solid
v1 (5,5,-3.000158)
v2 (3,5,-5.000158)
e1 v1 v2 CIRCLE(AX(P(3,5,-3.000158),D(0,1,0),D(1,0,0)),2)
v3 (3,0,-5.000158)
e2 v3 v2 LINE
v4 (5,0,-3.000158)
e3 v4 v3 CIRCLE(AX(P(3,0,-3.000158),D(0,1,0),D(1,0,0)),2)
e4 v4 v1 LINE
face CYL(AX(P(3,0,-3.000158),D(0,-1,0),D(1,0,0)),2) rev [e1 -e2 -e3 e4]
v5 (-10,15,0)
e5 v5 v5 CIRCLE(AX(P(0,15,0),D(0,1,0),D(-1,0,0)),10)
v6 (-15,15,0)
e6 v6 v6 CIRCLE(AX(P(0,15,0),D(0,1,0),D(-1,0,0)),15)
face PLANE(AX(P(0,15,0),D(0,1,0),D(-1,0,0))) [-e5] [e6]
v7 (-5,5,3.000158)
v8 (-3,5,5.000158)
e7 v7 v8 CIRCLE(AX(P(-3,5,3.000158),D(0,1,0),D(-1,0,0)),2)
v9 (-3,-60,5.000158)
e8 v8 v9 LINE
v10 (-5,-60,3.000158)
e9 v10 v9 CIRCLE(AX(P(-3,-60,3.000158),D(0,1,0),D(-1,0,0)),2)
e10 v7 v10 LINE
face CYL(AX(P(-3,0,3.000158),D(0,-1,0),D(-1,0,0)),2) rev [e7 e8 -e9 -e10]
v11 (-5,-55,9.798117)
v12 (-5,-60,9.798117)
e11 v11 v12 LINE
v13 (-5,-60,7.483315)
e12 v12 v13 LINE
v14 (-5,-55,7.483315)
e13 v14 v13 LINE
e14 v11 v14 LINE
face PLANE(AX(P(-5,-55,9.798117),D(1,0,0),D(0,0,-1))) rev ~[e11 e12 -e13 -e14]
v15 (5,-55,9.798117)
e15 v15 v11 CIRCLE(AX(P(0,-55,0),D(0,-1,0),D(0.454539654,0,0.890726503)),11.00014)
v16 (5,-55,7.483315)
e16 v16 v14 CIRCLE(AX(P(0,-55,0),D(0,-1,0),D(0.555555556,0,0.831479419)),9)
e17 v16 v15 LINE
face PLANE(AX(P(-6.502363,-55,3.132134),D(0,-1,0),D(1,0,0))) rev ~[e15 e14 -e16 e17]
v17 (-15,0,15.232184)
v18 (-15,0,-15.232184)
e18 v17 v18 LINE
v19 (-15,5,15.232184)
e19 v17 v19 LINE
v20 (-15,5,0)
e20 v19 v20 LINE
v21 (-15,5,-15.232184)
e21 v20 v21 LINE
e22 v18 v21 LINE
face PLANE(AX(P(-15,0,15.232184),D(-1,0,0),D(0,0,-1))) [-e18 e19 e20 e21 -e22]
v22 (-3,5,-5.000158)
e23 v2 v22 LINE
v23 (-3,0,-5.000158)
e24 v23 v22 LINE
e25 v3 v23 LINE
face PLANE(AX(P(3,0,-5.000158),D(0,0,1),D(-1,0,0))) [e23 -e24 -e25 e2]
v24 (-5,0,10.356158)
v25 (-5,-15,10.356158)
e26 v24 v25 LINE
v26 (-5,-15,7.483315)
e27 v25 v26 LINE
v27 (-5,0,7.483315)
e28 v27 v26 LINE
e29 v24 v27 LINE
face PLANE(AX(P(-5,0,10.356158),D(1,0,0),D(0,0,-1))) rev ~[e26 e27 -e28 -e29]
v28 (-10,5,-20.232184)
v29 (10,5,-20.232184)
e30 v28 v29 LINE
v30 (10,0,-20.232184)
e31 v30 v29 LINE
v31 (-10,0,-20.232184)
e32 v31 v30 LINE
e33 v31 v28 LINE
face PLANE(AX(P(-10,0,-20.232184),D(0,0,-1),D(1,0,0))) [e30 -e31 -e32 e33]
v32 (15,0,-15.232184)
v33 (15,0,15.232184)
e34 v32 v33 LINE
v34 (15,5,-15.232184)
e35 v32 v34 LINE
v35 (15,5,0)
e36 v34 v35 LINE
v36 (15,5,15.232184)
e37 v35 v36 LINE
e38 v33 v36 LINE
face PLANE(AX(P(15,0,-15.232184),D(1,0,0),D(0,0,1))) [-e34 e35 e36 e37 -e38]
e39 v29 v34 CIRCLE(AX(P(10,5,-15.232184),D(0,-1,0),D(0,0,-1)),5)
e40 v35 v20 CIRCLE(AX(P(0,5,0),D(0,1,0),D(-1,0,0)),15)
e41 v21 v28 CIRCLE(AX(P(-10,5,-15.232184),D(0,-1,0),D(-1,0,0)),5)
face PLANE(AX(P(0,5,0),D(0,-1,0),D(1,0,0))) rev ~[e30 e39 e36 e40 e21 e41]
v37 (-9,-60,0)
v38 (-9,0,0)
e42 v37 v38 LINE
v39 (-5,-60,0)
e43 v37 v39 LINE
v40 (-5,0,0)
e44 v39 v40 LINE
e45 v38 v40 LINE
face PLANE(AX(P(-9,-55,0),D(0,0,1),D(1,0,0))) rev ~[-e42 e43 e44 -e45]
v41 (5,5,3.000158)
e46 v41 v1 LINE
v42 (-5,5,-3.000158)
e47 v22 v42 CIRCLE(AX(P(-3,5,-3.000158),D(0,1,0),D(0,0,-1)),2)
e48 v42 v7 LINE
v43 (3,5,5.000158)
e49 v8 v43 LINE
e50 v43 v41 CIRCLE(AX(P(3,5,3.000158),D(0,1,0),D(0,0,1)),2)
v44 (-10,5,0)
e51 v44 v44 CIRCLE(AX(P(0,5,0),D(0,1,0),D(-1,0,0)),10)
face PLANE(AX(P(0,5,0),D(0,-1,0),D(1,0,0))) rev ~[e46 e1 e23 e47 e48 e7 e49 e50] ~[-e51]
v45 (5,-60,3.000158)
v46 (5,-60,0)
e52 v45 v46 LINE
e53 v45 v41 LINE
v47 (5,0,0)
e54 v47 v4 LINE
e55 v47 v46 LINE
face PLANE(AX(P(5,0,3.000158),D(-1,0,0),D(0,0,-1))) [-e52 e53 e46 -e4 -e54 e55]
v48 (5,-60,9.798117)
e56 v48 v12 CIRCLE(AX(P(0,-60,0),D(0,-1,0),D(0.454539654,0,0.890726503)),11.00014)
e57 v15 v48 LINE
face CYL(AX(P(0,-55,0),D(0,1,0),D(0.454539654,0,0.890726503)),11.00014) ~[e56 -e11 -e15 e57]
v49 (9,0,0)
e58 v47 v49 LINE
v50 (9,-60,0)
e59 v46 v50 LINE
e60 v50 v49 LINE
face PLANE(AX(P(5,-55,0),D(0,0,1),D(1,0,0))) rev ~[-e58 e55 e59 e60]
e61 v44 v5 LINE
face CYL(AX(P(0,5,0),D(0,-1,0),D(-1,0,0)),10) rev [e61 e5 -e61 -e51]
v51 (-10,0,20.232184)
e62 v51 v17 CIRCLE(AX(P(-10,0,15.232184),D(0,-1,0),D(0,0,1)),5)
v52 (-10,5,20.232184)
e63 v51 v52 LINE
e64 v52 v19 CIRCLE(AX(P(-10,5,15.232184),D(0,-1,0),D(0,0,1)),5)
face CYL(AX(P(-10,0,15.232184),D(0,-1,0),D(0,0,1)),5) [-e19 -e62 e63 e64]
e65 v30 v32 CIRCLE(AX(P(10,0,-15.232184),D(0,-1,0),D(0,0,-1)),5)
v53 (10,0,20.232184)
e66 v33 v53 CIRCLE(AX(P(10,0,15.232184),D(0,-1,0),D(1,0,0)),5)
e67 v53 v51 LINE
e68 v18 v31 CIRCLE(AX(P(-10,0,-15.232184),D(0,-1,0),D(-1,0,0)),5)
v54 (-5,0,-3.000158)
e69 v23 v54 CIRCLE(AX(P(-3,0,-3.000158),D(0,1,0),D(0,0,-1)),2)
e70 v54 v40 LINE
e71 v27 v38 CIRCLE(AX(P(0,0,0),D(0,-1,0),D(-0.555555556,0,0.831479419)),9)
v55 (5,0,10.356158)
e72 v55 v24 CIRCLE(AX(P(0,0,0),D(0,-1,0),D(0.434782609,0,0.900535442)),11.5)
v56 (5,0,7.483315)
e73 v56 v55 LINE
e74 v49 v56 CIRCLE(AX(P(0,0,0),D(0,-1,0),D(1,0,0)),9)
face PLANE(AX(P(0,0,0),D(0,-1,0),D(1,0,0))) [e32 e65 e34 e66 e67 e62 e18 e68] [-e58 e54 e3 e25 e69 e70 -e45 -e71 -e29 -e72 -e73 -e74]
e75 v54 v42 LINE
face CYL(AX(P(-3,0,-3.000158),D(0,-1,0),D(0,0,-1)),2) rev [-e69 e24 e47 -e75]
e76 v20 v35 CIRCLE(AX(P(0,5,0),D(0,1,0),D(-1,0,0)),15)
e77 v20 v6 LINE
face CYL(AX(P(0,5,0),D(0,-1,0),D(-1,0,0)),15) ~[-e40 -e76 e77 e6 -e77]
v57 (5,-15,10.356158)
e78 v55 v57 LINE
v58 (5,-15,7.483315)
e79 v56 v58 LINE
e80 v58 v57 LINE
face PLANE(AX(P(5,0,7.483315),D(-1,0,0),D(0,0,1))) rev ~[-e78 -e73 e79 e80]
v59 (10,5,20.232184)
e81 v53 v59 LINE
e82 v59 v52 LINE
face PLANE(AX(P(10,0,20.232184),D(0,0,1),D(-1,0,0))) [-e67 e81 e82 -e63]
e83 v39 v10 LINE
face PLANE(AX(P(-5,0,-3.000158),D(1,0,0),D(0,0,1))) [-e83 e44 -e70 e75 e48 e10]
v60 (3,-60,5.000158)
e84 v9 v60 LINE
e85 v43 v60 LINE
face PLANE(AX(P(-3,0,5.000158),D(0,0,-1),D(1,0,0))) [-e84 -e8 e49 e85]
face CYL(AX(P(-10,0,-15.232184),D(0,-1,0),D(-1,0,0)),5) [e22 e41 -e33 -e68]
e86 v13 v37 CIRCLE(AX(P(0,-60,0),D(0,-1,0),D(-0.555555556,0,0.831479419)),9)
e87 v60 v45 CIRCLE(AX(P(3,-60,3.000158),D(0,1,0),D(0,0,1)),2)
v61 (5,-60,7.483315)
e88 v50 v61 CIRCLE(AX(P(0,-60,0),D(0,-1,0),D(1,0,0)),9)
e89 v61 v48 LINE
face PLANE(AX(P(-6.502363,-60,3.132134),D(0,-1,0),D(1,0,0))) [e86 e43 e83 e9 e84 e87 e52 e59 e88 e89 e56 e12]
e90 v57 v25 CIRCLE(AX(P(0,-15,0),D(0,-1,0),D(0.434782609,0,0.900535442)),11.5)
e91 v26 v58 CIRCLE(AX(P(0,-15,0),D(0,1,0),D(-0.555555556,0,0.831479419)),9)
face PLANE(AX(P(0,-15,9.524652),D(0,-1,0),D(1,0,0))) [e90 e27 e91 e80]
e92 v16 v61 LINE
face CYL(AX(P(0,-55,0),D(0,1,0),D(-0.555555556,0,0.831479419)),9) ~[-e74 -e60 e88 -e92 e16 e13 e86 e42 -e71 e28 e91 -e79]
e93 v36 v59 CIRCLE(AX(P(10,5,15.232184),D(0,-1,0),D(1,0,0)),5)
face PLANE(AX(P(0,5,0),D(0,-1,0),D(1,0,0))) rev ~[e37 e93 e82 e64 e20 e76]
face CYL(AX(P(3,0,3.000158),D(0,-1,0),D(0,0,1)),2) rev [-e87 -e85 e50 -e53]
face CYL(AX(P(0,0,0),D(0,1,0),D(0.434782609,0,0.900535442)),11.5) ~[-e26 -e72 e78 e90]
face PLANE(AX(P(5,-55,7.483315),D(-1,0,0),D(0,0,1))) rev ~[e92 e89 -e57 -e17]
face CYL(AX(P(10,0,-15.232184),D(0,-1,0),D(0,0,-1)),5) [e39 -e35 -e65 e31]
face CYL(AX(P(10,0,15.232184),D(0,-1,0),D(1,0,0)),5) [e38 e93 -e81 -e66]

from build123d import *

# Parameters (mm, degrees)
F1_DEPTH = 55
F3_DEPTH = 5
F4_DEPTH = 5
F5_R     = 10
F6_DEPTH = 10
F7_DEPTH = 15


with BuildPart() as f1:
    # F0 (on Front) → F1 (new body)
    with BuildSketch(Plane.XZ):
        with BuildLine():
            Line((5, 0), (9, 0))
            ThreePointArc((9, 0), (7.9372539332, 4.2426406871), (5, 7.4833147735))
            Line((5, 7.4833147735), (5, 3.0001575886))
            Line((5, 3.0001575886), (5, 0))
        make_face()
        with BuildLine():
            Line((5, 3.0001575886), (5, 7.4833147735))
            ThreePointArc((5, 7.4833147735), (0, 9), (-5, 7.4833147735))
            Line((-5, 7.4833147735), (-5, 3.0001575886))
            ThreePointArc((-5, 3.0001575886), (-4.4142135624, 4.414371151), (-3, 5.0001575886))
            Line((-3, 5.0001575886), (3, 5.0001575886))
            ThreePointArc((3, 5.0001575886), (4.4142135624, 4.414371151), (5, 3.0001575886))
        make_face()
        with BuildLine():
            Line((-5, 3.0001575886), (-5, 7.4833147735))
            ThreePointArc((-5, 7.4833147735), (-7.9372539332, 4.2426406871), (-9, 0))
            Line((-9, 0), (-5, 0))
            Line((-5, 0), (-5, 3.0001575886))
        make_face()
    extrude(amount=F1_DEPTH)

    # F2 (on face) → F3 (join)
    with BuildSketch(Plane.XZ.offset(55)):
        with BuildLine():
            Line((-5, 0), (-5, 3.0001575886))
            Line((-5, 3.0001575886), (-5, 7.4833147735))
            ThreePointArc((-5, 7.4833147735), (-7.9372539332, 4.2426406871), (-9, 0))
            Line((-9, 0), (-5, 0))
        make_face()
        with BuildLine():
            Line((-5, 7.4833147735), (-5, 3.0001575886))
            ThreePointArc((-5, 3.0001575886), (-4.4142135624, 4.414371151), (-3, 5.0001575886))
            Line((-3, 5.0001575886), (3, 5.0001575886))
            ThreePointArc((3, 5.0001575886), (4.4142135624, 4.414371151), (5, 3.0001575886))
            Line((5, 3.0001575886), (5, 7.4833147735))
            ThreePointArc((5, 7.4833147735), (0, 9), (-5, 7.4833147735))
        make_face()
        with BuildLine():
            Line((-5, 9.7981165597), (-5, 7.4833147735))
            ThreePointArc((-5, 7.4833147735), (0, 9), (5, 7.4833147735))
            Line((5, 7.4833147735), (5, 9.7981165597))
            ThreePointArc((5, 9.7981165597), (0, 11.0001403681), (-5, 9.7981165597))
        make_face()
        with BuildLine():
            Line((5, 7.4833147735), (5, 3.0001575886))
            Line((5, 3.0001575886), (5, 0))
            Line((5, 0), (9, 0))
            ThreePointArc((9, 0), (7.9372539332, 4.2426406871), (5, 7.4833147735))
        make_face()
    extrude(amount=F3_DEPTH)



with BuildPart() as f4:
    # F0 (on Front) → F4 (new body)
    with BuildSketch(Plane.XZ):
        with BuildLine():
            Line((-10, -20.2321839634), (10, -20.2321839634))
            ThreePointArc((10, -20.2321839634), (13.5355339059, -18.7677178693), (15, -15.2321839634))
            Line((15, -15.2321839634), (15, 15.2321839634))
            ThreePointArc((15, 15.2321839634), (13.5355339059, 18.7677178693), (10, 20.2321839634))
            Line((10, 20.2321839634), (-10, 20.2321839634))
            ThreePointArc((-10, 20.2321839634), (-13.5355339059, 18.7677178693), (-15, 15.2321839634))
            Line((-15, 15.2321839634), (-15, -15.2321839634))
            ThreePointArc((-15, -15.2321839634), (-13.5355339059, -18.7677178693), (-10, -20.2321839634))
        make_face()
        with BuildLine():
            ThreePointArc((5, 7.4833147735), (7.9372539332, 4.2426406871), (9, 0))
            Line((9, 0), (5, 0))
            Line((5, 0), (5, -3.0001575886))
            ThreePointArc((5, -3.0001575886), (4.4142135624, -4.414371151), (3, -5.0001575886))
            Line((3, -5.0001575886), (-3, -5.0001575886))
            ThreePointArc((-3, -5.0001575886), (-4.4142135624, -4.414371151), (-5, -3.0001575886))
            Line((-5, -3.0001575886), (-5, 0))
            Line((-5, 0), (-9, 0))
            ThreePointArc((-9, 0), (-7.9372539332, 4.2426406871), (-5, 7.4833147735))
            Line((-5, 7.4833147735), (-5, 10.3561575886))
            ThreePointArc((-5, 10.3561575886), (0, 11.5), (5, 10.3561575886))
            Line((5, 10.3561575886), (5, 7.4833147735))
        make_face(mode=Mode.SUBTRACT)
        with BuildLine():
            Line((5, 0), (9, 0))
            ThreePointArc((9, 0), (7.9372539332, 4.2426406871), (5, 7.4833147735))
            Line((5, 7.4833147735), (5, 3.0001575886))
            Line((5, 3.0001575886), (5, 0))
        make_face()
        with BuildLine():
            Line((5, 3.0001575886), (5, 7.4833147735))
            ThreePointArc((5, 7.4833147735), (0, 9), (-5, 7.4833147735))
            Line((-5, 7.4833147735), (-5, 3.0001575886))
            ThreePointArc((-5, 3.0001575886), (-4.4142135624, 4.414371151), (-3, 5.0001575886))
            Line((-3, 5.0001575886), (3, 5.0001575886))
            ThreePointArc((3, 5.0001575886), (4.4142135624, 4.414371151), (5, 3.0001575886))
        make_face()
        with BuildLine():
            Line((-5, 3.0001575886), (-5, 7.4833147735))
            ThreePointArc((-5, 7.4833147735), (-7.9372539332, 4.2426406871), (-9, 0))
            Line((-9, 0), (-5, 0))
            Line((-5, 0), (-5, 3.0001575886))
        make_face()
        with BuildLine():
            ThreePointArc((-5, 7.4833147735), (0, 9), (5, 7.4833147735))
            Line((5, 7.4833147735), (5, 10.3561575886))
            ThreePointArc((5, 10.3561575886), (0, 11.5), (-5, 10.3561575886))
            Line((-5, 10.3561575886), (-5, 7.4833147735))
        make_face()
    extrude(amount=-F4_DEPTH)

    # F5 (on face) → F6 (join)
    with BuildSketch(Plane(origin=(0, 5, 0), x_dir=(-1, 0, 0), z_dir=(0, 1, 0))):
        with BuildLine():
            ThreePointArc((-15, 3.9e-09), (-1.9e-09, -15), (15, 0))
            ThreePointArc((15, 0), (1.9e-09, 15), (-15, 3.9e-09))
        make_face()
        Circle(F5_R, mode=Mode.SUBTRACT)
    extrude(amount=F6_DEPTH)


with BuildPart() as f1_1:
    add(f1.part)

    add(f4.part)  # F7 merges F4
    # F0 (on Front) → F7 (join)
    with BuildSketch(Plane.XZ):
        with BuildLine():
            ThreePointArc((-5, 7.4833147735), (0, 9), (5, 7.4833147735))
            Line((5, 7.4833147735), (5, 10.3561575886))
            ThreePointArc((5, 10.3561575886), (0, 11.5), (-5, 10.3561575886))
            Line((-5, 10.3561575886), (-5, 7.4833147735))
        make_face()
    extrude(amount=F7_DEPTH)


solid = f1_1.part
